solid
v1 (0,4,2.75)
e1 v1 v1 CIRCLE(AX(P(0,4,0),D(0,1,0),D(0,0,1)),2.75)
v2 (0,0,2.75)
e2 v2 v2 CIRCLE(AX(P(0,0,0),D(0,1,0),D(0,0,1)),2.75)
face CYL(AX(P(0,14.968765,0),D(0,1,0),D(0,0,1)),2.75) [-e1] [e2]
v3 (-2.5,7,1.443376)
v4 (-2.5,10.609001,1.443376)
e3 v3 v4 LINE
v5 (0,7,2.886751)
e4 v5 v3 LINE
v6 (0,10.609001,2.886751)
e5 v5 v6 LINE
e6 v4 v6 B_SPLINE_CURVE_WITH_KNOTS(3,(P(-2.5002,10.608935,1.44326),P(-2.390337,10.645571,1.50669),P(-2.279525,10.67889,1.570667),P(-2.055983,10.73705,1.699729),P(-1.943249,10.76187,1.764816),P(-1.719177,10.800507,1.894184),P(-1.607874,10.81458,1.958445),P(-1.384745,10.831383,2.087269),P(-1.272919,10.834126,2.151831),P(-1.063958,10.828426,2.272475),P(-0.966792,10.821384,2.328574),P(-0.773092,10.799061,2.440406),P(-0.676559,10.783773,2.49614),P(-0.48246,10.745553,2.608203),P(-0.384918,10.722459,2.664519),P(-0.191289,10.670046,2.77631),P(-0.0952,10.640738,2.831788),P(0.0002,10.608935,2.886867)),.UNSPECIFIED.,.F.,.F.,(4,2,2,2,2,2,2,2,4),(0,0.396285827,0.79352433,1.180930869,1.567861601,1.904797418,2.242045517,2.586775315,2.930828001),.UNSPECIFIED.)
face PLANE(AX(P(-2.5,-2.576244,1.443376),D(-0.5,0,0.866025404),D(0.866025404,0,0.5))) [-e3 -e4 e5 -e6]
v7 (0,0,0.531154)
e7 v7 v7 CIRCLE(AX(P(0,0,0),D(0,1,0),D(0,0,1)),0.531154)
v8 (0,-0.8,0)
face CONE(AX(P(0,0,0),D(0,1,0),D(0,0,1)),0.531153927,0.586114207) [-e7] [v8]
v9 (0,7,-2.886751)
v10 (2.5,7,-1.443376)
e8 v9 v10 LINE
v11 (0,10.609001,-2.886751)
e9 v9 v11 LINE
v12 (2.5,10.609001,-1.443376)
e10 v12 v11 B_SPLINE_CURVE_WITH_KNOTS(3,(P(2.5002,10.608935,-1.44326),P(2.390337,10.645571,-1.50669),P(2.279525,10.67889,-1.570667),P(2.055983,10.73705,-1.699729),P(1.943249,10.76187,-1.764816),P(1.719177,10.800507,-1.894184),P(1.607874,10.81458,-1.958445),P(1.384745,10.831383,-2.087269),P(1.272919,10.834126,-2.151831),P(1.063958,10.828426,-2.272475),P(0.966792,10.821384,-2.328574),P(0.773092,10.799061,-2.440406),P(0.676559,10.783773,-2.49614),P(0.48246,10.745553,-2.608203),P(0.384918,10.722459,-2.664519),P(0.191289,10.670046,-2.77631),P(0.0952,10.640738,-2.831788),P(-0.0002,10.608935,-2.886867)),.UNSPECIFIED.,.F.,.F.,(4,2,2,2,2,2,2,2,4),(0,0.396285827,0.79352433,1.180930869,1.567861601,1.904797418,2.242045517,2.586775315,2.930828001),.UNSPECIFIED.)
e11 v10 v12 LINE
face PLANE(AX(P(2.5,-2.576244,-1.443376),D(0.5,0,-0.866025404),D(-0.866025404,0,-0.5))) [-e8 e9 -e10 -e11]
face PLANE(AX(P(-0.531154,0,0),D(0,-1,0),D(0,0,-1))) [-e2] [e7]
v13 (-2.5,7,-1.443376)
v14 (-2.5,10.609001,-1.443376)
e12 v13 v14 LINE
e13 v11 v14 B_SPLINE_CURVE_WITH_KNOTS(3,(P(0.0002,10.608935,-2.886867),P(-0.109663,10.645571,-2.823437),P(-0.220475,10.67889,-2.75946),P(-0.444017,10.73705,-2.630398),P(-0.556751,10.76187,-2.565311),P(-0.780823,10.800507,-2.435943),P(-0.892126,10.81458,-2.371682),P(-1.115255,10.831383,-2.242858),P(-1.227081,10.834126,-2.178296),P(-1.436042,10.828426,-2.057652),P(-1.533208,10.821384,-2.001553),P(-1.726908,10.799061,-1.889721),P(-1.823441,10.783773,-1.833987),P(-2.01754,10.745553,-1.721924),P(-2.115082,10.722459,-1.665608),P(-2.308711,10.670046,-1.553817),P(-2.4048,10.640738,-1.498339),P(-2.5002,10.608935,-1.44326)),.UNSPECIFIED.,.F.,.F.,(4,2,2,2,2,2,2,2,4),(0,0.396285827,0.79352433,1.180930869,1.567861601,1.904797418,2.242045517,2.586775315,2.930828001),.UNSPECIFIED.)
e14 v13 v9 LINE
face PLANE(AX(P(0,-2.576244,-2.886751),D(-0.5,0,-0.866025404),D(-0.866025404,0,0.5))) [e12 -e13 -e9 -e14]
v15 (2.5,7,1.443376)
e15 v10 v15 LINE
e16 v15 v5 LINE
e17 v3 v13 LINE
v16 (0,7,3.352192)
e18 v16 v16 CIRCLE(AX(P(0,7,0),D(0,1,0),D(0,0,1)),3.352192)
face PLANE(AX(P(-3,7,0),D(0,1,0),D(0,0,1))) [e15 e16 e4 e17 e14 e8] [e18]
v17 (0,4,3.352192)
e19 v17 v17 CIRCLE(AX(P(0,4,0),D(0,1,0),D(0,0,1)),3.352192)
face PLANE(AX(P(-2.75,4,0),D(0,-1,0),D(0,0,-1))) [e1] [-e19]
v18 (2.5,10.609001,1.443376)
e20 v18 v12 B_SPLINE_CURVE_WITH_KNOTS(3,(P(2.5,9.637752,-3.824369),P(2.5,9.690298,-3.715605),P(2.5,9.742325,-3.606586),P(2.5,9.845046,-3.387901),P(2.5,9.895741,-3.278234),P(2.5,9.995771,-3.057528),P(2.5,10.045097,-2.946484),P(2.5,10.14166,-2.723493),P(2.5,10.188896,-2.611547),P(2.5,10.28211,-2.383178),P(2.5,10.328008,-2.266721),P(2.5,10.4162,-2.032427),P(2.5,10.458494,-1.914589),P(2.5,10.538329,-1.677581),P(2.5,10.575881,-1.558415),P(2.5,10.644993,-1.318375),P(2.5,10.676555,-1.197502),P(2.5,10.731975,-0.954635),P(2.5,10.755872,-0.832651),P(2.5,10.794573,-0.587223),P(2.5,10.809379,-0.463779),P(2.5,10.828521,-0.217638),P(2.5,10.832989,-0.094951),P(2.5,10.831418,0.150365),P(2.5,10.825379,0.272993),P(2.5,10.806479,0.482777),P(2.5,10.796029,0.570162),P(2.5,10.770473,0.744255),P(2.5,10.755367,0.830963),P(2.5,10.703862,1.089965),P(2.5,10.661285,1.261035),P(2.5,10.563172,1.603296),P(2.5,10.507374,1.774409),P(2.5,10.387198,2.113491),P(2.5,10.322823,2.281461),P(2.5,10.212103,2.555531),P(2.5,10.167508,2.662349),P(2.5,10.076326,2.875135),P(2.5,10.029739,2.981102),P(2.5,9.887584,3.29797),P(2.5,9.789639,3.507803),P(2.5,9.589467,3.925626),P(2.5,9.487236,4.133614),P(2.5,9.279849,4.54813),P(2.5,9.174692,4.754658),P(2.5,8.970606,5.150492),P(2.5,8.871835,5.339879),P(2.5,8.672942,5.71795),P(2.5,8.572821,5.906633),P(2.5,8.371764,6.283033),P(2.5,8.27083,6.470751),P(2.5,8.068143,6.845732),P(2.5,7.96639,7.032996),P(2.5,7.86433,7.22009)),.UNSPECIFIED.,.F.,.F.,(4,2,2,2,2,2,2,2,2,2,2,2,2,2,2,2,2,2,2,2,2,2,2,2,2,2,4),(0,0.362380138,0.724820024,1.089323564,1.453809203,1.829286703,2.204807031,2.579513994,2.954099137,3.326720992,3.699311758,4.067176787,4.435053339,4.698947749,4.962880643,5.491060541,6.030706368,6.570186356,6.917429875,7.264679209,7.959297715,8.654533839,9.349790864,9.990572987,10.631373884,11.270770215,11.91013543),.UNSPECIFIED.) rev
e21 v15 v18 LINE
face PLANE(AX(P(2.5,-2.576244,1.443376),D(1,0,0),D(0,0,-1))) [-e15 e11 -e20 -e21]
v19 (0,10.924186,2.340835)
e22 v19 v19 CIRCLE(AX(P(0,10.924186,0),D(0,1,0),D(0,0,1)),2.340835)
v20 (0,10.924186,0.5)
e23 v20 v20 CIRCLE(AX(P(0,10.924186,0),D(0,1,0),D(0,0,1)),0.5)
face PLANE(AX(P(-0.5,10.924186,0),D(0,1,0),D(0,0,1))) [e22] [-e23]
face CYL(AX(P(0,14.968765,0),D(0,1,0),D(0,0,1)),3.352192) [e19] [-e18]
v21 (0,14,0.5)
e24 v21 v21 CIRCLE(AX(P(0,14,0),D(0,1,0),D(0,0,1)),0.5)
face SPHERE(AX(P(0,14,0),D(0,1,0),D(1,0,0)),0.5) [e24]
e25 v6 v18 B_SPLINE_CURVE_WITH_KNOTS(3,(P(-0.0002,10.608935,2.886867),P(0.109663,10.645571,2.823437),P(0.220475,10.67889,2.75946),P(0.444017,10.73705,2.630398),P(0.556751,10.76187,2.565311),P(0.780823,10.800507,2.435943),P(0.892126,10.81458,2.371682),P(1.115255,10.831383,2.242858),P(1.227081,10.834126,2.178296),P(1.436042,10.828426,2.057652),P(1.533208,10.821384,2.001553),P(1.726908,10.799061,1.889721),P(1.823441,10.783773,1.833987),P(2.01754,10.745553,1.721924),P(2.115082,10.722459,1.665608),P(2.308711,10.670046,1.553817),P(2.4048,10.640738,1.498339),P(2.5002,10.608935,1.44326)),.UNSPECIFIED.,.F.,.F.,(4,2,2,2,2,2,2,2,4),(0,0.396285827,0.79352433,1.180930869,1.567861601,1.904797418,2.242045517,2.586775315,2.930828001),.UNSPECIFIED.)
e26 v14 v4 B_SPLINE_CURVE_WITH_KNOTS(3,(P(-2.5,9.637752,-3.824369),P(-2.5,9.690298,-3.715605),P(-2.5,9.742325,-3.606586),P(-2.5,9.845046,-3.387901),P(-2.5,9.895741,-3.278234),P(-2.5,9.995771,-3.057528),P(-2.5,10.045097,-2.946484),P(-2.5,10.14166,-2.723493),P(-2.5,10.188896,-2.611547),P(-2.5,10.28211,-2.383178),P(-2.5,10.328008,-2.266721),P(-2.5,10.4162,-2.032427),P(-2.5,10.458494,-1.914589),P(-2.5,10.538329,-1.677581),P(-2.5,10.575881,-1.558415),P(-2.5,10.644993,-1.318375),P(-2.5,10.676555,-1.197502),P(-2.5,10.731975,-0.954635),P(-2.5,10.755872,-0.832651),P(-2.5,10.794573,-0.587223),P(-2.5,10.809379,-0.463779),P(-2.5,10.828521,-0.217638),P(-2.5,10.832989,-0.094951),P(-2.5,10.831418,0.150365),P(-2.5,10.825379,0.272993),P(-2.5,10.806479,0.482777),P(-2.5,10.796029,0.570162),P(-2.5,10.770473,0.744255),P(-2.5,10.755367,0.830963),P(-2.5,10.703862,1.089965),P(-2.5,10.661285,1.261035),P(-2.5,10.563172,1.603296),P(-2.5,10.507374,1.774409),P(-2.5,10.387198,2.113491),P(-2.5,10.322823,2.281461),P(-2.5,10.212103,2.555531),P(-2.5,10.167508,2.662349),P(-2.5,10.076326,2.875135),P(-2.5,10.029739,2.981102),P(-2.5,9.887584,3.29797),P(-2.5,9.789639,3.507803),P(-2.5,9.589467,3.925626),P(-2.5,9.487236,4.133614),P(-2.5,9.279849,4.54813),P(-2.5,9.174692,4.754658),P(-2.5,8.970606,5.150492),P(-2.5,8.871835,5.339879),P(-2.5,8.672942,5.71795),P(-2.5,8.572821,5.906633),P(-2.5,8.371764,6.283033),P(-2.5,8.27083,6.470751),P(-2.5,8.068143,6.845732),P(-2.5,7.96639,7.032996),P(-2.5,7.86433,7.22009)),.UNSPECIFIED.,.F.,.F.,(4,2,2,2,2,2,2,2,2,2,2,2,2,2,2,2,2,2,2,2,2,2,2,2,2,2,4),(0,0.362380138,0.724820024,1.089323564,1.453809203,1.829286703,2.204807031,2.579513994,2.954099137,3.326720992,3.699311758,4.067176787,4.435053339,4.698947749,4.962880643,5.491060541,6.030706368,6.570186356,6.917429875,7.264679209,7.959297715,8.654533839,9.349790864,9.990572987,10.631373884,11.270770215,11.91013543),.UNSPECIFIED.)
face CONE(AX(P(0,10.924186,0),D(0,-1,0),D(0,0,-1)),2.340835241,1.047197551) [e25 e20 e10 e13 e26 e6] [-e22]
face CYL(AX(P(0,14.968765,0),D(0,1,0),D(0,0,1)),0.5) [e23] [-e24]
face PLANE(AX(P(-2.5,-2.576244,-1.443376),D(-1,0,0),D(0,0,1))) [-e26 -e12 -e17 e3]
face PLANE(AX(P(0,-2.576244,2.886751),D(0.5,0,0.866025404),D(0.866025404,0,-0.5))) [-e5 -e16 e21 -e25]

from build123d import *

# Parameters (mm, degrees)
ESQUISSE2_OUTSIDE_W     = 12.304
ESQUISSE2_OUTSIDE_H     = 12.304
ENL_V_MAT_EXTRU_1_DEPTH = 3.924186047


with BuildPart() as part:
    # Esquisse1 → Base-Révolution (revolve)
    with BuildSketch(Plane.XY, mode=Mode.PRIVATE) as base_r_volution_sk:
        with BuildLine():
            Line((-0.531153927, 0), (-2.75, 0))
            Line((-2.75, 0), (-2.75, 4))
            Line((-2.75, 4), (-3.352191691, 4))
            Line((-3.352191691, 4), (-3.352191691, 7))
            Line((-3.352191691, 7), (-3, 7))
            Line((-3, 7), (-3, 10.543617096))
            Line((-3, 10.543617096), (-2.340835241, 10.924186047))
            Line((-2.340835241, 10.924186047), (-0.5, 10.924186047))
            Line((-0.5, 10.924186047), (-0.5, 14))
            ThreePointArc((-0.5, 14), (-0.353553391, 14.353553391), (0, 14.5))
            Line((0, 14.5), (0, -0.8))
            Line((0, -0.8), (-0.531153927, 0))
        make_face()
    revolve(base_r_volution_sk.sketch.rotate(Axis((0, 14.968764899, 0), (0, -1, 0)), 270), axis=Axis((0, 14.968764899, 0), (0, -1, 0)))

    # Esquisse2 outside → Enlèv. mat.-Extru.1 (cut)
    with BuildSketch(Plane(origin=(0, 10.924186047, 0), x_dir=(-1, 0, 0), z_dir=(0, 1, 0))):
        Rectangle(ESQUISSE2_OUTSIDE_W, ESQUISSE2_OUTSIDE_H)
        Polygon((0, 2.886751346), (-2.5, 1.443375673), (-2.5, -1.443375673), (0, -2.886751346), (2.5, -1.443375673), (2.5, 1.443375673), align=None, mode=Mode.SUBTRACT)
    extrude(amount=-ENL_V_MAT_EXTRU_1_DEPTH, mode=Mode.SUBTRACT)


solid = part.part
